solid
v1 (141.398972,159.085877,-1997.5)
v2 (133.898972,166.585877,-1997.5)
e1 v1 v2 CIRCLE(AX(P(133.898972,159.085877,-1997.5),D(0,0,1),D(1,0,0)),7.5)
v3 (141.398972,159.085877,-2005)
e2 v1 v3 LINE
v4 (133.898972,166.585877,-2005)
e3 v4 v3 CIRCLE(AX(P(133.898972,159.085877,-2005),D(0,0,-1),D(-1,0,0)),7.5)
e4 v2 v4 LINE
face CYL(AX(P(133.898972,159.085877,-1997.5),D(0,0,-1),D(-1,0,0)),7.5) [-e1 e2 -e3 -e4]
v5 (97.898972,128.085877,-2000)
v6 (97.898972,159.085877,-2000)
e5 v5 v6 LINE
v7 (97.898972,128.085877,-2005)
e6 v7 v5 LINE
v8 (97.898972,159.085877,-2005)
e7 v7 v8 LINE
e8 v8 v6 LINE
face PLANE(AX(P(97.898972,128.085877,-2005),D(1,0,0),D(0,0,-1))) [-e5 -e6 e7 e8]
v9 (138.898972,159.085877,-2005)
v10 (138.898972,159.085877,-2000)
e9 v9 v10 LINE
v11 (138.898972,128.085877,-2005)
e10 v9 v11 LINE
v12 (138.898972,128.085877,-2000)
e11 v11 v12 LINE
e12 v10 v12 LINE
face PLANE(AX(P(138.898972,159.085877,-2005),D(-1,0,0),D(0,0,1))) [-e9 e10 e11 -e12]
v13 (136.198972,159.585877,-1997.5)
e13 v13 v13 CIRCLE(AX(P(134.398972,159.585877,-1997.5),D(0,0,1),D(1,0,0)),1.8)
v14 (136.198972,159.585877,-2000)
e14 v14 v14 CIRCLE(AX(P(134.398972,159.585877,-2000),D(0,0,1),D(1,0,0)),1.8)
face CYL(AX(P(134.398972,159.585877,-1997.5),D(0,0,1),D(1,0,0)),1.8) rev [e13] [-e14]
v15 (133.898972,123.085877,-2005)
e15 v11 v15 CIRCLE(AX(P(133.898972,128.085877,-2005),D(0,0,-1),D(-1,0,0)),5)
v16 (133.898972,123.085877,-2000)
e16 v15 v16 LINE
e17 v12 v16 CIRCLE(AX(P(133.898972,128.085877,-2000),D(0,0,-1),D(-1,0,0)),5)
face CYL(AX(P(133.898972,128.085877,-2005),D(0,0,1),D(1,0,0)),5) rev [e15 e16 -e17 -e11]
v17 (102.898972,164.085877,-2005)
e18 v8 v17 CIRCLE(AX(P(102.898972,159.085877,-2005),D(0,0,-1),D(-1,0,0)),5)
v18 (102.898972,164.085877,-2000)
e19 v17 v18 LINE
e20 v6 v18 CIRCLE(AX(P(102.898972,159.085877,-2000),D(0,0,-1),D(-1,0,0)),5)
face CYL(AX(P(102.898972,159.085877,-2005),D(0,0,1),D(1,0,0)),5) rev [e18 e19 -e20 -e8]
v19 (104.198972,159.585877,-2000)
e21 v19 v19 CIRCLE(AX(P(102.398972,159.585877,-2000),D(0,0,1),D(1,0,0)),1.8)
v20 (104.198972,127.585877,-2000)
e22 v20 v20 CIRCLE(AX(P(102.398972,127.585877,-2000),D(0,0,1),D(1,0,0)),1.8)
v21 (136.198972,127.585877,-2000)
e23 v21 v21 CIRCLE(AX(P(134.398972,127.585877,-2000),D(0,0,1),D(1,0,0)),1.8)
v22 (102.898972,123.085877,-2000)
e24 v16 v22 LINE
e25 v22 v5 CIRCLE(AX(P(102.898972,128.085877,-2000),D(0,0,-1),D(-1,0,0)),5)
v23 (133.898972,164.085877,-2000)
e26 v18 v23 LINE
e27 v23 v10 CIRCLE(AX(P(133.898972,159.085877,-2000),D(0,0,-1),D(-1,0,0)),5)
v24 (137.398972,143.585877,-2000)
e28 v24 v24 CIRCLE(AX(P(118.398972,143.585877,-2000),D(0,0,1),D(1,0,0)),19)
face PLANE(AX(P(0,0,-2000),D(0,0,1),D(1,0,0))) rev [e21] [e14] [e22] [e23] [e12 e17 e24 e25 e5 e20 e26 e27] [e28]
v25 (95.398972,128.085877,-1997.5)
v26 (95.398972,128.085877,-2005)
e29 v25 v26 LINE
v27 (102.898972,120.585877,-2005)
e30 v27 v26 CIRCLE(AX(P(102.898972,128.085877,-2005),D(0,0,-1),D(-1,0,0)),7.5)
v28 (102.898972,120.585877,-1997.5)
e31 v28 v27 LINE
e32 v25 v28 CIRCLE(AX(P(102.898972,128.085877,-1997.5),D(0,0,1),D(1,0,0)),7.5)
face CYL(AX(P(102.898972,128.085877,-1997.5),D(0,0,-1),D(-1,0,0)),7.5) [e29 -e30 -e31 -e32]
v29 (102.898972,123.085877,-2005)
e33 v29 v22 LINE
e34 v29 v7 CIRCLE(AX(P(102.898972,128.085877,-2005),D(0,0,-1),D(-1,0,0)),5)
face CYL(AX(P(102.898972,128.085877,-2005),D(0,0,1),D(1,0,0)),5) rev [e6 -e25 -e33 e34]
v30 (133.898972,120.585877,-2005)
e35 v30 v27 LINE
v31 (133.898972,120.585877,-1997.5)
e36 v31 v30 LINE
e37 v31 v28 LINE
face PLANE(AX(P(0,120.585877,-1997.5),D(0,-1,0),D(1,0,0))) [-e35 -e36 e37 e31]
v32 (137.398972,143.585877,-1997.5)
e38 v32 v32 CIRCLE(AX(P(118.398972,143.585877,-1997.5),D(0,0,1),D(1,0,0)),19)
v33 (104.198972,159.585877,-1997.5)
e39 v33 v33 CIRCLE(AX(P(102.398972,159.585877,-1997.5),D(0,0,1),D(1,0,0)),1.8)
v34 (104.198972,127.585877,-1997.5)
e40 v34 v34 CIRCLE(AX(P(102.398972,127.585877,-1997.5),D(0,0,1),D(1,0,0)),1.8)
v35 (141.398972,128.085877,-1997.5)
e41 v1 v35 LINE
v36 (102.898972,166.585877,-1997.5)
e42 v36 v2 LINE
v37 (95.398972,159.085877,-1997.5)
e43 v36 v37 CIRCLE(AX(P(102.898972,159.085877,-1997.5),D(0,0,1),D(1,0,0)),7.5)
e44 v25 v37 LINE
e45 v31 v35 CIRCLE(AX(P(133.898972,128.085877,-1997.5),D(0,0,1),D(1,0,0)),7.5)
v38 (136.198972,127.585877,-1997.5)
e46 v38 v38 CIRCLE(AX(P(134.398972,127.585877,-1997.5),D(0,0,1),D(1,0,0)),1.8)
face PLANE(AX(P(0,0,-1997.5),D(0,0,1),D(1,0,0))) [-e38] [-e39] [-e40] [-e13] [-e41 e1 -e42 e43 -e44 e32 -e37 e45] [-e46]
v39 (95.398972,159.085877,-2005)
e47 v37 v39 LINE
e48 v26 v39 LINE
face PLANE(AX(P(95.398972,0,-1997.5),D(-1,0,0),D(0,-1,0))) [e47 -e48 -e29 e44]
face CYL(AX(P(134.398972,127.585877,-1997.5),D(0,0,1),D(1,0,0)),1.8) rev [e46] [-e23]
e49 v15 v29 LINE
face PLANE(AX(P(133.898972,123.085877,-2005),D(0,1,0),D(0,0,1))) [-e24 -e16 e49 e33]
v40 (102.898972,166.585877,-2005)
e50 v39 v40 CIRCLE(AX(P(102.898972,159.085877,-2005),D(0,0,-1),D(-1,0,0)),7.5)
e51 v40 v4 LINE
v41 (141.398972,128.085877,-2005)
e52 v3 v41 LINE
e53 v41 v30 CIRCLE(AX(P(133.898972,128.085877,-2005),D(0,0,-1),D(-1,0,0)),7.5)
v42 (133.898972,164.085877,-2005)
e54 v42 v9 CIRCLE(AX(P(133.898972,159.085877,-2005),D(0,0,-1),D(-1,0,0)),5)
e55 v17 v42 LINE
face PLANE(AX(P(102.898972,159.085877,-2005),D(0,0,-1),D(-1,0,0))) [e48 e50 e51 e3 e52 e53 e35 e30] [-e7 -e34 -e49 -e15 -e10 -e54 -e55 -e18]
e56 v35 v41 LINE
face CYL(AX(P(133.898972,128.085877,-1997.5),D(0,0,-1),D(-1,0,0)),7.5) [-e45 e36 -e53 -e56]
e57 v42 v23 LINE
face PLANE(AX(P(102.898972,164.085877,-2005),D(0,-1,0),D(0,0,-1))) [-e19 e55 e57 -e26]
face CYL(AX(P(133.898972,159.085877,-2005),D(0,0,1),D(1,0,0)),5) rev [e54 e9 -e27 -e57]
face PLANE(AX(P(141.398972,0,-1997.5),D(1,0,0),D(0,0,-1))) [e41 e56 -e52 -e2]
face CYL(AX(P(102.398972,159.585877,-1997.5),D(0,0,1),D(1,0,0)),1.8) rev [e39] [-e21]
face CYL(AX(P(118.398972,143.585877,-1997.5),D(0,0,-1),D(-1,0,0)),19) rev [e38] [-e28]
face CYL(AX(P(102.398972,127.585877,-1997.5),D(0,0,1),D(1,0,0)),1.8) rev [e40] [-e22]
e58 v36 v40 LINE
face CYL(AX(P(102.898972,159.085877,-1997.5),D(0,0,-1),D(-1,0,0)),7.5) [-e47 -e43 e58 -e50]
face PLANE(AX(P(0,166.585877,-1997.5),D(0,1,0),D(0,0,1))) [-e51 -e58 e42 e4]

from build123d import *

# Parameters (mm, degrees)
BOSS_EXTRUDE2_DEPTH  = 2.5
BOSS_EXTRUDE3_START  = 5
BOSS_EXTRUDE3_DEPTH  = 5
M3_CLEARANCE_HOLE1_D = 3.6


with BuildPart() as part:
    # Sketch2 → Boss-Extrude2 (new body)
    # profile 1 of 2: a face of its own
    with BuildSketch(Plane.XY.offset(-2000)):
        with BuildLine():
            Line((102.89897186, 166.585877116), (133.89897186, 166.585877116))
            ThreePointArc((133.89897186, 166.585877116), (139.202272719, 164.389177975), (141.39897186, 159.085877116))
            Line((141.39897186, 159.085877116), (141.39897186, 138.785877116))
            Line((141.39897186, 138.785877116), (141.39897186, 135.685877116))
            Line((141.39897186, 135.685877116), (141.39897186, 135.385877116))
            Line((141.39897186, 135.385877116), (141.39897186, 133.385877116))
            Line((141.39897186, 133.385877116), (141.39897186, 133.085877116))
            Line((141.39897186, 133.085877116), (141.39897186, 131.333076667))
            Line((141.39897186, 131.333076667), (141.39897186, 128.085877116))
            ThreePointArc((141.39897186, 128.085877116), (139.202272719, 122.782576257), (133.89897186, 120.585877116))
            Line((133.89897186, 120.585877116), (102.89897186, 120.585877116))
            ThreePointArc((102.89897186, 120.585877116), (97.595671001, 122.782576257), (95.39897186, 128.085877116))
            Line((95.39897186, 128.085877116), (95.39897186, 159.085877116))
            ThreePointArc((95.39897186, 159.085877116), (97.595671001, 164.389177975), (102.89897186, 166.585877116))
        make_face()
        with BuildLine():
            ThreePointArc((138.89897186, 159.085877116), (137.434505766, 162.621411022), (133.89897186, 164.085877116))
            Line((133.89897186, 164.085877116), (102.89897186, 164.085877116))
            ThreePointArc((102.89897186, 164.085877116), (99.363437954, 162.621411022), (97.89897186, 159.085877116))
            Line((97.89897186, 159.085877116), (97.89897186, 128.085877116))
            ThreePointArc((97.89897186, 128.085877116), (99.363437954, 124.55034321), (102.89897186, 123.085877116))
            Line((102.89897186, 123.085877116), (133.89897186, 123.085877116))
            ThreePointArc((133.89897186, 123.085877116), (137.434505766, 124.55034321), (138.89897186, 128.085877116))
            Line((138.89897186, 128.085877116), (138.89897186, 131.333076667))
            Line((138.89897186, 131.333076667), (138.89897186, 133.085877116))
            Line((138.89897186, 133.085877116), (138.89897186, 133.385877116))
            Line((138.89897186, 133.385877116), (138.89897186, 135.385877116))
            Line((138.89897186, 135.385877116), (138.89897186, 135.685877116))
            Line((138.89897186, 135.685877116), (138.89897186, 138.785877116))
            Line((138.89897186, 138.785877116), (138.89897186, 159.085877116))
        make_face(mode=Mode.SUBTRACT)
    # profile 2 of 2: a face of its own
    with BuildSketch(Plane.XY.offset(-2000)):
        with BuildLine():
            Line((138.89897186, 135.685877116), (138.89897186, 138.785877116))
            Line((138.89897186, 138.785877116), (138.89897186, 159.085877116))
            ThreePointArc((138.89897186, 159.085877116), (137.434505766, 162.621411022), (133.89897186, 164.085877116))
            Line((133.89897186, 164.085877116), (102.89897186, 164.085877116))
            ThreePointArc((102.89897186, 164.085877116), (99.363437954, 162.621411022), (97.89897186, 159.085877116))
            Line((97.89897186, 159.085877116), (97.89897186, 128.085877116))
            ThreePointArc((97.89897186, 128.085877116), (99.363437954, 124.55034321), (102.89897186, 123.085877116))
            Line((102.89897186, 123.085877116), (133.89897186, 123.085877116))
            ThreePointArc((133.89897186, 123.085877116), (137.434505766, 124.55034321), (138.89897186, 128.085877116))
            Line((138.89897186, 128.085877116), (138.89897186, 131.333076667))
            Line((138.89897186, 131.333076667), (138.89897186, 133.085877116))
            Line((138.89897186, 133.085877116), (138.89897186, 133.385877116))
            Line((138.89897186, 133.385877116), (138.89897186, 135.385877116))
            Line((138.89897186, 135.385877116), (138.89897186, 135.685877116))
        make_face()
        with BuildLine():
            ThreePointArc((99.460267487, 142.060925747), (99.432576344, 142.456345732), (99.413140247, 142.85225734))
            ThreePointArc((99.413140247, 142.85225734), (99.62769877, 146.525146856), (100.54610998, 150.087824725))
            ThreePointArc((100.54610998, 150.087824725), (102.540191704, 154.050058497), (105.398627834, 157.441960805))
            ThreePointArc((105.398627834, 157.441960805), (125.948589847, 161.021566614), (137.39897186, 143.585877116))
            ThreePointArc((137.39897186, 143.585877116), (123.543114722, 125.295502757), (102.184467206, 133.681845673))
            ThreePointArc((102.184467206, 133.681845673), (100.329957721, 137.711293892), (99.460267487, 142.060925747))
        make_face(mode=Mode.SUBTRACT)
    extrude(amount=BOSS_EXTRUDE2_DEPTH)

    # Sketch4 → Boss-Extrude3 (add)
    with BuildSketch(Plane(origin=(0, 0, -2000), x_dir=(-1, 0, 0), z_dir=(0, 0, -1)).offset(BOSS_EXTRUDE3_START)):
        with BuildLine():
            Line((-102.89897186, 166.585877116), (-133.89897186, 166.585877116))
            ThreePointArc((-133.89897186, 166.585877116), (-139.202272719, 164.389177975), (-141.39897186, 159.085877116))
            Line((-141.39897186, 159.085877116), (-141.39897186, 128.085877116))
            ThreePointArc((-141.39897186, 128.085877116), (-139.202272719, 122.782576257), (-133.89897186, 120.585877116))
            Line((-133.89897186, 120.585877116), (-102.89897186, 120.585877116))
            ThreePointArc((-102.89897186, 120.585877116), (-97.595671001, 122.782576257), (-95.39897186, 128.085877116))
            Line((-95.39897186, 128.085877116), (-95.39897186, 159.085877116))
            ThreePointArc((-95.39897186, 159.085877116), (-97.595671001, 164.389177975), (-102.89897186, 166.585877116))
        make_face()
        with BuildLine():
            Line((-102.89897186, 164.085877116), (-133.89897186, 164.085877116))
            ThreePointArc((-133.89897186, 164.085877116), (-137.434505766, 162.621411022), (-138.89897186, 159.085877116))
            Line((-138.89897186, 159.085877116), (-138.89897186, 128.085877116))
            ThreePointArc((-138.89897186, 128.085877116), (-137.434505766, 124.55034321), (-133.89897186, 123.085877116))
            Line((-133.89897186, 123.085877116), (-102.89897186, 123.085877116))
            ThreePointArc((-102.89897186, 123.085877116), (-99.363437954, 124.55034321), (-97.89897186, 128.085877116))
            Line((-97.89897186, 128.085877116), (-97.89897186, 159.085877116))
            ThreePointArc((-97.89897186, 159.085877116), (-99.363437954, 162.621411022), (-102.89897186, 164.085877116))
        make_face(mode=Mode.SUBTRACT)
    extrude(amount=-BOSS_EXTRUDE3_DEPTH)

    # M3 Clearance Hole1 (through all)
    with Locations(Plane.XY.offset(-1997.5)):
        with Locations((102.39897186, 159.585877116), (102.39897186, 127.585877116), (134.39897186, 127.585877116), (134.39897186, 159.585877116)):
            Hole(M3_CLEARANCE_HOLE1_D / 2)


solid = part.part
